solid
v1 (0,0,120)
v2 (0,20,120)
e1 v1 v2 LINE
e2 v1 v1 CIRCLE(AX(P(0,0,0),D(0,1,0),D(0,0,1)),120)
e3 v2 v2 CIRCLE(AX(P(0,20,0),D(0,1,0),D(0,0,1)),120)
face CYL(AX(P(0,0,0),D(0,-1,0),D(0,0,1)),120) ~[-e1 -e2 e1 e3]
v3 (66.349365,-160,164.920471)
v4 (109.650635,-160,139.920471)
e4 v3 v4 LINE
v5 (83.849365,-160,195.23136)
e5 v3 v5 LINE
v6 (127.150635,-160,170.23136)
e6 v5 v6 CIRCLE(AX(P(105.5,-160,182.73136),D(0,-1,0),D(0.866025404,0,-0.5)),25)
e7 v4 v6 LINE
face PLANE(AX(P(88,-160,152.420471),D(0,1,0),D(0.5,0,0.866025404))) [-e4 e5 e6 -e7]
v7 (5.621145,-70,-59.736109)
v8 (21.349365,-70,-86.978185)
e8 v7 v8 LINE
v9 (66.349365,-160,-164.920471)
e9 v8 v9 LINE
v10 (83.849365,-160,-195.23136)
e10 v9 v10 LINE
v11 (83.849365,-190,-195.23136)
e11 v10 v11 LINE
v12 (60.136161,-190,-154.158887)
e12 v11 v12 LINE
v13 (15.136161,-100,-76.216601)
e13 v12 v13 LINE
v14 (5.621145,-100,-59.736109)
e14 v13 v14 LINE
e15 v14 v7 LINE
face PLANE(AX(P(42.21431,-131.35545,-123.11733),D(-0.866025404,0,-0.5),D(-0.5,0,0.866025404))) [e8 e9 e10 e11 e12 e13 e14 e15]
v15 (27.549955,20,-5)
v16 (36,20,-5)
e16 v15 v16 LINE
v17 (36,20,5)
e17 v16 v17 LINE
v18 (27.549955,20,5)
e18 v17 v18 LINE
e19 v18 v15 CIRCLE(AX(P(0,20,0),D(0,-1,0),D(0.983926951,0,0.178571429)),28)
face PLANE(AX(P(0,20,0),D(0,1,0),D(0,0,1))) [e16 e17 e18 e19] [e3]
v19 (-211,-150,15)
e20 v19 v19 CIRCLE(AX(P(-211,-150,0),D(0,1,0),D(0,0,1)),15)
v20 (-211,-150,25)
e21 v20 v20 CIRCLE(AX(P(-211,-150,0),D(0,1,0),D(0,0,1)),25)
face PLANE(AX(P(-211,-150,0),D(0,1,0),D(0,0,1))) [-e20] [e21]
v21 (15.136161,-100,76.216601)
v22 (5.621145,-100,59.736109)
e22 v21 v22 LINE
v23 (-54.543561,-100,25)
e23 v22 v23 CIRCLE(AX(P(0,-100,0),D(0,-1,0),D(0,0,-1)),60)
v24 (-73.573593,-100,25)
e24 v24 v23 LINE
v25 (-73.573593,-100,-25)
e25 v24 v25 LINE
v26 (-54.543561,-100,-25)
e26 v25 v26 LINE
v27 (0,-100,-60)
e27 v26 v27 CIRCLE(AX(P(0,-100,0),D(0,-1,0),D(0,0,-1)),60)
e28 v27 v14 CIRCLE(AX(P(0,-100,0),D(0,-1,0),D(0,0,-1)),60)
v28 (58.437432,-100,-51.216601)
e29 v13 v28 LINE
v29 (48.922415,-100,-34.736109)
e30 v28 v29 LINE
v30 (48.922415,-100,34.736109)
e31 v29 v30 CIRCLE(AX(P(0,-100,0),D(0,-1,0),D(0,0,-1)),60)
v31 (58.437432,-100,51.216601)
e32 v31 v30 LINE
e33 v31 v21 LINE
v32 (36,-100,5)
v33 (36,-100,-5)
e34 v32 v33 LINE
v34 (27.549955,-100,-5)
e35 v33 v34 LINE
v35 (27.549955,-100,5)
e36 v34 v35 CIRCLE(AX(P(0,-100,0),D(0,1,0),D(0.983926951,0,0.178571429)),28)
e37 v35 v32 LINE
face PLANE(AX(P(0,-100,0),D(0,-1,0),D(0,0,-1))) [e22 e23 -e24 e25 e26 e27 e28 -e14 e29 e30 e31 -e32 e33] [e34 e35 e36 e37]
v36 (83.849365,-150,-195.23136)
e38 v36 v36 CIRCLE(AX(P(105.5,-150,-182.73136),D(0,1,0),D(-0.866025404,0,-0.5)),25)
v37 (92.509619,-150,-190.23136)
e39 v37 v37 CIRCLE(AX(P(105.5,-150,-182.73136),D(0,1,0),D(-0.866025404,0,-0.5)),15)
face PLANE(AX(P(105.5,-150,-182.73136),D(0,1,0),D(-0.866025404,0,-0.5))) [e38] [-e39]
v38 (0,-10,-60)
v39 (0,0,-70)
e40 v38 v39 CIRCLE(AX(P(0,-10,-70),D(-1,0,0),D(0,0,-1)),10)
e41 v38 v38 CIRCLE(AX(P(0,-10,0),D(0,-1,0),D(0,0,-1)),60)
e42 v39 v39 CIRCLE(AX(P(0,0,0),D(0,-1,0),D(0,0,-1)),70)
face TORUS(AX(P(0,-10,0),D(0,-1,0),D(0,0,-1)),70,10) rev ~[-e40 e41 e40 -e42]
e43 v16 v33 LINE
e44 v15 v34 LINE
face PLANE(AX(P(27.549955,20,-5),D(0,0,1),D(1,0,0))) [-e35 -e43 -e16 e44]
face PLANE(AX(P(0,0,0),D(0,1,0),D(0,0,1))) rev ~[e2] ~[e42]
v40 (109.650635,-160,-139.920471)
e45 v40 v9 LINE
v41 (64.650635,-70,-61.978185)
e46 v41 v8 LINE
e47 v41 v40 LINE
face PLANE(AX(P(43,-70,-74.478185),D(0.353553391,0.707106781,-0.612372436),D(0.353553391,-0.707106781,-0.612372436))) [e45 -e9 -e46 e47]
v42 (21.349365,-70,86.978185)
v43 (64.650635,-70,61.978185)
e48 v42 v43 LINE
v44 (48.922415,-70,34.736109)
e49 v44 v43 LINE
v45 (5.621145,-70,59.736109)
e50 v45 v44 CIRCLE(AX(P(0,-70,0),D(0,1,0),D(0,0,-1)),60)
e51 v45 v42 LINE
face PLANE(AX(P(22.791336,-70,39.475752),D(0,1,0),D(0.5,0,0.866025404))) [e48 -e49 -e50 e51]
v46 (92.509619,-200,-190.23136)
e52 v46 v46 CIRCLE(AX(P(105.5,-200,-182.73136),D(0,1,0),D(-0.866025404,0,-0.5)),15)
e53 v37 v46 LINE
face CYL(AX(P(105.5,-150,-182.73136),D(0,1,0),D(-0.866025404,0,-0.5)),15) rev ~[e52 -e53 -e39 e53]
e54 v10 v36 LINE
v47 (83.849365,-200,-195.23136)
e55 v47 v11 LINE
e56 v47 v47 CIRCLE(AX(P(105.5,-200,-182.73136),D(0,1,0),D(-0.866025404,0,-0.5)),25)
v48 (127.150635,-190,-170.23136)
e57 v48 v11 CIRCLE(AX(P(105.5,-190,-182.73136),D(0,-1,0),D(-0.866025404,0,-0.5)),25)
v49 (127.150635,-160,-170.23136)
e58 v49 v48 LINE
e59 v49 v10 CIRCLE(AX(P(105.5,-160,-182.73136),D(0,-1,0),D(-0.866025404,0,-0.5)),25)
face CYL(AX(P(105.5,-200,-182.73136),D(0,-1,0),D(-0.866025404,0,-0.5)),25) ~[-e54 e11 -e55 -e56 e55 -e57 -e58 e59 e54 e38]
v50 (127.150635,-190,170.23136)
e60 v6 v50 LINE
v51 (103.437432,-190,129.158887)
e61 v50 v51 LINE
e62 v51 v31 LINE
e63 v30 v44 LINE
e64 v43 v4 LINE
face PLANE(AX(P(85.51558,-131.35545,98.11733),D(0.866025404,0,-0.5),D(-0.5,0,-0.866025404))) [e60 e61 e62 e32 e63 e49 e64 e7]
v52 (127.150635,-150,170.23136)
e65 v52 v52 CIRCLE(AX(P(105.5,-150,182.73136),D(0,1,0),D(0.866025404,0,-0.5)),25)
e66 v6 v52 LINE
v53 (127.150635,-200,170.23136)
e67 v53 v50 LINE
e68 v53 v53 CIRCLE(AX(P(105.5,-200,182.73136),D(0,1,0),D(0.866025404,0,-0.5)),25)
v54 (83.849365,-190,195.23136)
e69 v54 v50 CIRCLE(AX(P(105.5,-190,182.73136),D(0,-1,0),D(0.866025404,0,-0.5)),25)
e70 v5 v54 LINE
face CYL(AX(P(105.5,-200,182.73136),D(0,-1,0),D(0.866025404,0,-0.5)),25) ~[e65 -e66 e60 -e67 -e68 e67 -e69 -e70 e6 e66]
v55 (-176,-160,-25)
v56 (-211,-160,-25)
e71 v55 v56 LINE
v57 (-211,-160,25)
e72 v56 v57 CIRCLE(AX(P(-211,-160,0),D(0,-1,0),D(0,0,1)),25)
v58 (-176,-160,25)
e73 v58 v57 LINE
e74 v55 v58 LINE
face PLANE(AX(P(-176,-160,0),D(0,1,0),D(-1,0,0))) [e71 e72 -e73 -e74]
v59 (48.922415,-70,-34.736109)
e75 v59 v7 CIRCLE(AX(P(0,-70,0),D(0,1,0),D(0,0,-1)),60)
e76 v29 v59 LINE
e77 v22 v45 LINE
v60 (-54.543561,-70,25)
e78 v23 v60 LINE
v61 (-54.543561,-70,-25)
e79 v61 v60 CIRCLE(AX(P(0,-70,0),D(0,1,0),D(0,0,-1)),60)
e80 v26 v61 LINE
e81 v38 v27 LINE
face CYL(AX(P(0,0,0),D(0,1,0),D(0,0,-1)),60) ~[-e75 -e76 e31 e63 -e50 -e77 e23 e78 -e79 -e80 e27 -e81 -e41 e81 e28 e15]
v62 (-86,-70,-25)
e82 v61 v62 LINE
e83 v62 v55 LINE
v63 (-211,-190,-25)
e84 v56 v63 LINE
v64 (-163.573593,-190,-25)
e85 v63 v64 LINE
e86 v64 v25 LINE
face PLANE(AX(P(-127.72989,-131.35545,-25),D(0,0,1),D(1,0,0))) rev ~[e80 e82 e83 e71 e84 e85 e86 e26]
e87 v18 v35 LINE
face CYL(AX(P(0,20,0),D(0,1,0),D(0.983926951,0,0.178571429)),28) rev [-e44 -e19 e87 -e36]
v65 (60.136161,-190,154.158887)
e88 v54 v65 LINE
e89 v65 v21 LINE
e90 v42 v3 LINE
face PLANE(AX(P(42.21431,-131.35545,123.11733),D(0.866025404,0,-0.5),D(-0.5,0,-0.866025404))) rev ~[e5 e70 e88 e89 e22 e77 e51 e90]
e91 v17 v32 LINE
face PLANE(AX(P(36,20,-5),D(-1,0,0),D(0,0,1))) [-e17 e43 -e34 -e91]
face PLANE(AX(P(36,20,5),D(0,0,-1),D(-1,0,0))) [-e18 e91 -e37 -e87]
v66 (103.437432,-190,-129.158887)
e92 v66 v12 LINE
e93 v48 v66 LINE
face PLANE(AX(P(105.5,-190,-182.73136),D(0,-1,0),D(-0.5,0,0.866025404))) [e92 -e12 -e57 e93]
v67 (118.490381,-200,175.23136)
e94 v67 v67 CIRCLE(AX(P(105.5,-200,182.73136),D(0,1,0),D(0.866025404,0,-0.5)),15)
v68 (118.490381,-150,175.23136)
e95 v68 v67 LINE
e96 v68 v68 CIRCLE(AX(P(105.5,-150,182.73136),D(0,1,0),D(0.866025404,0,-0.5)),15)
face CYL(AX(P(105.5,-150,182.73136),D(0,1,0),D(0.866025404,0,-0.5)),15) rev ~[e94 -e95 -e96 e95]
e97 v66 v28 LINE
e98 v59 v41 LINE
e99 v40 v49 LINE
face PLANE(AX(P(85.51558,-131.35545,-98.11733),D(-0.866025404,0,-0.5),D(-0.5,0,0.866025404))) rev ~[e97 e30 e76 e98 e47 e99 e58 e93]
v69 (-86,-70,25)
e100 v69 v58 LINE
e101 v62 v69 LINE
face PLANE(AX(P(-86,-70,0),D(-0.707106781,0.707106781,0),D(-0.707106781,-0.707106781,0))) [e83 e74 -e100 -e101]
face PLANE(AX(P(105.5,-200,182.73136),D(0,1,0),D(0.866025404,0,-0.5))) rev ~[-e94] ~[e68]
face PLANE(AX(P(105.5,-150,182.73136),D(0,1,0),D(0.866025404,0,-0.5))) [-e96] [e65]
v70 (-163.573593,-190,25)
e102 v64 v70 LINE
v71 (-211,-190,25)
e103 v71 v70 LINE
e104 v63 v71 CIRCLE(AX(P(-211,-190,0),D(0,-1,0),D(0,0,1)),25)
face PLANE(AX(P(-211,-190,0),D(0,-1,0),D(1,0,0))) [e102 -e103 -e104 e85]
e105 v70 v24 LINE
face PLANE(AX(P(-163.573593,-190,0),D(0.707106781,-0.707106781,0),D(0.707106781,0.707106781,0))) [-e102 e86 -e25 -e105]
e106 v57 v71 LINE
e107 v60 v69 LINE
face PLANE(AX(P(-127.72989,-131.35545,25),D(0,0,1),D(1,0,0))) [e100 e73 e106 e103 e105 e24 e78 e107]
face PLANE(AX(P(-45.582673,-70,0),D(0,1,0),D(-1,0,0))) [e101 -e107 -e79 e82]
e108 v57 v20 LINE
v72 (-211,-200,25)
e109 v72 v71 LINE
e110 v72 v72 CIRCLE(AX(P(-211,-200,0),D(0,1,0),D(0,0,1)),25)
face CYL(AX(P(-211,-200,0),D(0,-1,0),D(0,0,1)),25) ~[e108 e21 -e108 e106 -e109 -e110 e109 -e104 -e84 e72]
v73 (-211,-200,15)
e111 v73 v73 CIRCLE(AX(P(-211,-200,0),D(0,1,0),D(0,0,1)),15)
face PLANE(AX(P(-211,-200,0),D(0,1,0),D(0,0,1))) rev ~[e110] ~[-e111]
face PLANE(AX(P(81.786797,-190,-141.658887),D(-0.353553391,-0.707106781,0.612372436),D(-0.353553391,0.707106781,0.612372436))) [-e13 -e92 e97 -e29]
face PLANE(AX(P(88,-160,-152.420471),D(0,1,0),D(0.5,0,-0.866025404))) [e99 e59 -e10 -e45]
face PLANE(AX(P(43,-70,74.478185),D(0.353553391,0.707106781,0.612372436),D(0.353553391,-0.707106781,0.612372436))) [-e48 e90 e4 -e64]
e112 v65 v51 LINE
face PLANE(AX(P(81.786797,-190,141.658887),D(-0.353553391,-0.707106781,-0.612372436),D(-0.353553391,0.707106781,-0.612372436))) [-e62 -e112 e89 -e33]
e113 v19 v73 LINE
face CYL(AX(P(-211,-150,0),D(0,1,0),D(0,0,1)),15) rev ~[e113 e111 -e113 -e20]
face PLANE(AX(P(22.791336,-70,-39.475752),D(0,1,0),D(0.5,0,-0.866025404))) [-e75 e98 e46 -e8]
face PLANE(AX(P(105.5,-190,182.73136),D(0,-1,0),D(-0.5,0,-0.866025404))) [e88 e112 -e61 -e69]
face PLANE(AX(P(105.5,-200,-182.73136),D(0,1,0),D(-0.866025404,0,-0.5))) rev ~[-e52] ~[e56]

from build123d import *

# Parameters (mm, degrees)
SKETCH1_R           = 120
BOSS_EXTRUDE1_DEPTH = 20
SKETCH2_R           = 60
BOSS_EXTRUDE2_DEPTH = 100
CUT_EXTRUDE1_DEPTH  = 121
BOSS_EXTRUDE3_DEPTH = 25
BOSS_EXTRUDE4_START = -40
SKETCH5_R           = 25
BOSS_EXTRUDE4_DEPTH = 50
SKETCH6_R           = 15
CUT_EXTRUDE2_DEPTH  = 51
CIRPATTERN1_COUNT   = 3
FILLET2_R           = 10


with BuildPart() as part:
    # Sketch1 → Boss-Extrude1 (new body)
    with BuildSketch(Plane(origin=(0, 0, 0), x_dir=(1, 0, 0), z_dir=(0, 1, 0))):
        with Locations(Location((0, 0, 0), (0, 0, 270))):  # turned: the seam where the file's is
            Circle(SKETCH1_R)
    extrude(amount=BOSS_EXTRUDE1_DEPTH)

    # Sketch2 → Boss-Extrude2 (add)
    with BuildSketch(Plane.XZ):
        with Locations(Location((0, 0, 0), (0, 0, 270))):  # turned: the seam where the file's is
            Circle(SKETCH2_R)
    extrude(amount=BOSS_EXTRUDE2_DEPTH)

    # Sketch3 → Cut-Extrude1 (cut, through all)
    with BuildSketch(Plane(origin=(0, 20, 0), x_dir=(1, 0, 0), z_dir=(0, 1, 0))):
        with BuildLine():
            Line((27.549954628, 5), (36, 5))
            Line((36, 5), (36, -5))
            Line((36, -5), (27.549954628, -5))
            ThreePointArc((27.549954628, -5), (-28, 0), (27.549954628, 5))
        make_face()
    extrude(amount=-CUT_EXTRUDE1_DEPTH, mode=Mode.SUBTRACT)

    # Sketch4 → Boss-Extrude3 (add, symmetric)
    with BuildSketch(Plane.XY):
        Polygon((-45.582672643, -70), (-86, -70), (-176, -160), (-211, -160), (-211, -190), (-163.573593129, -190), (-73.573593129, -100), (-45.582672643, -100), align=None)
    boss_extrude3 = extrude(amount=BOSS_EXTRUDE3_DEPTH, both=True)

    # Sketch5 → Boss-Extrude4 (add)
    with BuildSketch(Plane(origin=(0, -160, 0), x_dir=(1, 0, 0), z_dir=(0, 1, 0)).offset(BOSS_EXTRUDE4_START)):
        with Locations(Location((-211, 0, 0), (0, 0, 270))):  # turned: the seam where the file's is
            Circle(SKETCH5_R)
    boss_extrude4 = extrude(amount=BOSS_EXTRUDE4_DEPTH)

    # Sketch6 → Cut-Extrude2 (cut, through all)
    with BuildSketch(Plane(origin=(0, -150, 0), x_dir=(1, 0, 0), z_dir=(0, 1, 0))):
        with Locations(Location((-211, 0, 0), (0, 0, 270))):  # turned: the seam where the file's is
            Circle(SKETCH6_R)
    cut_extrude2 = extrude(amount=-CUT_EXTRUDE2_DEPTH, mode=Mode.SUBTRACT)

    # CirPattern1: Boss-Extrude3, Boss-Extrude4, Cut-Extrude2 ×3 about axis
    cirpattern1_axis = Axis((0, 0, 0), (0, 1, 0))
    add([boss_extrude3.rotate(cirpattern1_axis, i * 360 / CIRPATTERN1_COUNT) for i in range(1, CIRPATTERN1_COUNT)])
    add([boss_extrude4.rotate(cirpattern1_axis, i * 360 / CIRPATTERN1_COUNT) for i in range(1, CIRPATTERN1_COUNT)])
    add([cut_extrude2.rotate(cirpattern1_axis, i * 360 / CIRPATTERN1_COUNT) for i in range(1, CIRPATTERN1_COUNT)], mode=Mode.SUBTRACT)

    # Fillet2
    fillet2_edges = [part.edges().sort_by_distance(p)[0] for p in [
        (0, 0, 60),
    ]]
    fillet(fillet2_edges, radius=FILLET2_R)


solid = part.part
